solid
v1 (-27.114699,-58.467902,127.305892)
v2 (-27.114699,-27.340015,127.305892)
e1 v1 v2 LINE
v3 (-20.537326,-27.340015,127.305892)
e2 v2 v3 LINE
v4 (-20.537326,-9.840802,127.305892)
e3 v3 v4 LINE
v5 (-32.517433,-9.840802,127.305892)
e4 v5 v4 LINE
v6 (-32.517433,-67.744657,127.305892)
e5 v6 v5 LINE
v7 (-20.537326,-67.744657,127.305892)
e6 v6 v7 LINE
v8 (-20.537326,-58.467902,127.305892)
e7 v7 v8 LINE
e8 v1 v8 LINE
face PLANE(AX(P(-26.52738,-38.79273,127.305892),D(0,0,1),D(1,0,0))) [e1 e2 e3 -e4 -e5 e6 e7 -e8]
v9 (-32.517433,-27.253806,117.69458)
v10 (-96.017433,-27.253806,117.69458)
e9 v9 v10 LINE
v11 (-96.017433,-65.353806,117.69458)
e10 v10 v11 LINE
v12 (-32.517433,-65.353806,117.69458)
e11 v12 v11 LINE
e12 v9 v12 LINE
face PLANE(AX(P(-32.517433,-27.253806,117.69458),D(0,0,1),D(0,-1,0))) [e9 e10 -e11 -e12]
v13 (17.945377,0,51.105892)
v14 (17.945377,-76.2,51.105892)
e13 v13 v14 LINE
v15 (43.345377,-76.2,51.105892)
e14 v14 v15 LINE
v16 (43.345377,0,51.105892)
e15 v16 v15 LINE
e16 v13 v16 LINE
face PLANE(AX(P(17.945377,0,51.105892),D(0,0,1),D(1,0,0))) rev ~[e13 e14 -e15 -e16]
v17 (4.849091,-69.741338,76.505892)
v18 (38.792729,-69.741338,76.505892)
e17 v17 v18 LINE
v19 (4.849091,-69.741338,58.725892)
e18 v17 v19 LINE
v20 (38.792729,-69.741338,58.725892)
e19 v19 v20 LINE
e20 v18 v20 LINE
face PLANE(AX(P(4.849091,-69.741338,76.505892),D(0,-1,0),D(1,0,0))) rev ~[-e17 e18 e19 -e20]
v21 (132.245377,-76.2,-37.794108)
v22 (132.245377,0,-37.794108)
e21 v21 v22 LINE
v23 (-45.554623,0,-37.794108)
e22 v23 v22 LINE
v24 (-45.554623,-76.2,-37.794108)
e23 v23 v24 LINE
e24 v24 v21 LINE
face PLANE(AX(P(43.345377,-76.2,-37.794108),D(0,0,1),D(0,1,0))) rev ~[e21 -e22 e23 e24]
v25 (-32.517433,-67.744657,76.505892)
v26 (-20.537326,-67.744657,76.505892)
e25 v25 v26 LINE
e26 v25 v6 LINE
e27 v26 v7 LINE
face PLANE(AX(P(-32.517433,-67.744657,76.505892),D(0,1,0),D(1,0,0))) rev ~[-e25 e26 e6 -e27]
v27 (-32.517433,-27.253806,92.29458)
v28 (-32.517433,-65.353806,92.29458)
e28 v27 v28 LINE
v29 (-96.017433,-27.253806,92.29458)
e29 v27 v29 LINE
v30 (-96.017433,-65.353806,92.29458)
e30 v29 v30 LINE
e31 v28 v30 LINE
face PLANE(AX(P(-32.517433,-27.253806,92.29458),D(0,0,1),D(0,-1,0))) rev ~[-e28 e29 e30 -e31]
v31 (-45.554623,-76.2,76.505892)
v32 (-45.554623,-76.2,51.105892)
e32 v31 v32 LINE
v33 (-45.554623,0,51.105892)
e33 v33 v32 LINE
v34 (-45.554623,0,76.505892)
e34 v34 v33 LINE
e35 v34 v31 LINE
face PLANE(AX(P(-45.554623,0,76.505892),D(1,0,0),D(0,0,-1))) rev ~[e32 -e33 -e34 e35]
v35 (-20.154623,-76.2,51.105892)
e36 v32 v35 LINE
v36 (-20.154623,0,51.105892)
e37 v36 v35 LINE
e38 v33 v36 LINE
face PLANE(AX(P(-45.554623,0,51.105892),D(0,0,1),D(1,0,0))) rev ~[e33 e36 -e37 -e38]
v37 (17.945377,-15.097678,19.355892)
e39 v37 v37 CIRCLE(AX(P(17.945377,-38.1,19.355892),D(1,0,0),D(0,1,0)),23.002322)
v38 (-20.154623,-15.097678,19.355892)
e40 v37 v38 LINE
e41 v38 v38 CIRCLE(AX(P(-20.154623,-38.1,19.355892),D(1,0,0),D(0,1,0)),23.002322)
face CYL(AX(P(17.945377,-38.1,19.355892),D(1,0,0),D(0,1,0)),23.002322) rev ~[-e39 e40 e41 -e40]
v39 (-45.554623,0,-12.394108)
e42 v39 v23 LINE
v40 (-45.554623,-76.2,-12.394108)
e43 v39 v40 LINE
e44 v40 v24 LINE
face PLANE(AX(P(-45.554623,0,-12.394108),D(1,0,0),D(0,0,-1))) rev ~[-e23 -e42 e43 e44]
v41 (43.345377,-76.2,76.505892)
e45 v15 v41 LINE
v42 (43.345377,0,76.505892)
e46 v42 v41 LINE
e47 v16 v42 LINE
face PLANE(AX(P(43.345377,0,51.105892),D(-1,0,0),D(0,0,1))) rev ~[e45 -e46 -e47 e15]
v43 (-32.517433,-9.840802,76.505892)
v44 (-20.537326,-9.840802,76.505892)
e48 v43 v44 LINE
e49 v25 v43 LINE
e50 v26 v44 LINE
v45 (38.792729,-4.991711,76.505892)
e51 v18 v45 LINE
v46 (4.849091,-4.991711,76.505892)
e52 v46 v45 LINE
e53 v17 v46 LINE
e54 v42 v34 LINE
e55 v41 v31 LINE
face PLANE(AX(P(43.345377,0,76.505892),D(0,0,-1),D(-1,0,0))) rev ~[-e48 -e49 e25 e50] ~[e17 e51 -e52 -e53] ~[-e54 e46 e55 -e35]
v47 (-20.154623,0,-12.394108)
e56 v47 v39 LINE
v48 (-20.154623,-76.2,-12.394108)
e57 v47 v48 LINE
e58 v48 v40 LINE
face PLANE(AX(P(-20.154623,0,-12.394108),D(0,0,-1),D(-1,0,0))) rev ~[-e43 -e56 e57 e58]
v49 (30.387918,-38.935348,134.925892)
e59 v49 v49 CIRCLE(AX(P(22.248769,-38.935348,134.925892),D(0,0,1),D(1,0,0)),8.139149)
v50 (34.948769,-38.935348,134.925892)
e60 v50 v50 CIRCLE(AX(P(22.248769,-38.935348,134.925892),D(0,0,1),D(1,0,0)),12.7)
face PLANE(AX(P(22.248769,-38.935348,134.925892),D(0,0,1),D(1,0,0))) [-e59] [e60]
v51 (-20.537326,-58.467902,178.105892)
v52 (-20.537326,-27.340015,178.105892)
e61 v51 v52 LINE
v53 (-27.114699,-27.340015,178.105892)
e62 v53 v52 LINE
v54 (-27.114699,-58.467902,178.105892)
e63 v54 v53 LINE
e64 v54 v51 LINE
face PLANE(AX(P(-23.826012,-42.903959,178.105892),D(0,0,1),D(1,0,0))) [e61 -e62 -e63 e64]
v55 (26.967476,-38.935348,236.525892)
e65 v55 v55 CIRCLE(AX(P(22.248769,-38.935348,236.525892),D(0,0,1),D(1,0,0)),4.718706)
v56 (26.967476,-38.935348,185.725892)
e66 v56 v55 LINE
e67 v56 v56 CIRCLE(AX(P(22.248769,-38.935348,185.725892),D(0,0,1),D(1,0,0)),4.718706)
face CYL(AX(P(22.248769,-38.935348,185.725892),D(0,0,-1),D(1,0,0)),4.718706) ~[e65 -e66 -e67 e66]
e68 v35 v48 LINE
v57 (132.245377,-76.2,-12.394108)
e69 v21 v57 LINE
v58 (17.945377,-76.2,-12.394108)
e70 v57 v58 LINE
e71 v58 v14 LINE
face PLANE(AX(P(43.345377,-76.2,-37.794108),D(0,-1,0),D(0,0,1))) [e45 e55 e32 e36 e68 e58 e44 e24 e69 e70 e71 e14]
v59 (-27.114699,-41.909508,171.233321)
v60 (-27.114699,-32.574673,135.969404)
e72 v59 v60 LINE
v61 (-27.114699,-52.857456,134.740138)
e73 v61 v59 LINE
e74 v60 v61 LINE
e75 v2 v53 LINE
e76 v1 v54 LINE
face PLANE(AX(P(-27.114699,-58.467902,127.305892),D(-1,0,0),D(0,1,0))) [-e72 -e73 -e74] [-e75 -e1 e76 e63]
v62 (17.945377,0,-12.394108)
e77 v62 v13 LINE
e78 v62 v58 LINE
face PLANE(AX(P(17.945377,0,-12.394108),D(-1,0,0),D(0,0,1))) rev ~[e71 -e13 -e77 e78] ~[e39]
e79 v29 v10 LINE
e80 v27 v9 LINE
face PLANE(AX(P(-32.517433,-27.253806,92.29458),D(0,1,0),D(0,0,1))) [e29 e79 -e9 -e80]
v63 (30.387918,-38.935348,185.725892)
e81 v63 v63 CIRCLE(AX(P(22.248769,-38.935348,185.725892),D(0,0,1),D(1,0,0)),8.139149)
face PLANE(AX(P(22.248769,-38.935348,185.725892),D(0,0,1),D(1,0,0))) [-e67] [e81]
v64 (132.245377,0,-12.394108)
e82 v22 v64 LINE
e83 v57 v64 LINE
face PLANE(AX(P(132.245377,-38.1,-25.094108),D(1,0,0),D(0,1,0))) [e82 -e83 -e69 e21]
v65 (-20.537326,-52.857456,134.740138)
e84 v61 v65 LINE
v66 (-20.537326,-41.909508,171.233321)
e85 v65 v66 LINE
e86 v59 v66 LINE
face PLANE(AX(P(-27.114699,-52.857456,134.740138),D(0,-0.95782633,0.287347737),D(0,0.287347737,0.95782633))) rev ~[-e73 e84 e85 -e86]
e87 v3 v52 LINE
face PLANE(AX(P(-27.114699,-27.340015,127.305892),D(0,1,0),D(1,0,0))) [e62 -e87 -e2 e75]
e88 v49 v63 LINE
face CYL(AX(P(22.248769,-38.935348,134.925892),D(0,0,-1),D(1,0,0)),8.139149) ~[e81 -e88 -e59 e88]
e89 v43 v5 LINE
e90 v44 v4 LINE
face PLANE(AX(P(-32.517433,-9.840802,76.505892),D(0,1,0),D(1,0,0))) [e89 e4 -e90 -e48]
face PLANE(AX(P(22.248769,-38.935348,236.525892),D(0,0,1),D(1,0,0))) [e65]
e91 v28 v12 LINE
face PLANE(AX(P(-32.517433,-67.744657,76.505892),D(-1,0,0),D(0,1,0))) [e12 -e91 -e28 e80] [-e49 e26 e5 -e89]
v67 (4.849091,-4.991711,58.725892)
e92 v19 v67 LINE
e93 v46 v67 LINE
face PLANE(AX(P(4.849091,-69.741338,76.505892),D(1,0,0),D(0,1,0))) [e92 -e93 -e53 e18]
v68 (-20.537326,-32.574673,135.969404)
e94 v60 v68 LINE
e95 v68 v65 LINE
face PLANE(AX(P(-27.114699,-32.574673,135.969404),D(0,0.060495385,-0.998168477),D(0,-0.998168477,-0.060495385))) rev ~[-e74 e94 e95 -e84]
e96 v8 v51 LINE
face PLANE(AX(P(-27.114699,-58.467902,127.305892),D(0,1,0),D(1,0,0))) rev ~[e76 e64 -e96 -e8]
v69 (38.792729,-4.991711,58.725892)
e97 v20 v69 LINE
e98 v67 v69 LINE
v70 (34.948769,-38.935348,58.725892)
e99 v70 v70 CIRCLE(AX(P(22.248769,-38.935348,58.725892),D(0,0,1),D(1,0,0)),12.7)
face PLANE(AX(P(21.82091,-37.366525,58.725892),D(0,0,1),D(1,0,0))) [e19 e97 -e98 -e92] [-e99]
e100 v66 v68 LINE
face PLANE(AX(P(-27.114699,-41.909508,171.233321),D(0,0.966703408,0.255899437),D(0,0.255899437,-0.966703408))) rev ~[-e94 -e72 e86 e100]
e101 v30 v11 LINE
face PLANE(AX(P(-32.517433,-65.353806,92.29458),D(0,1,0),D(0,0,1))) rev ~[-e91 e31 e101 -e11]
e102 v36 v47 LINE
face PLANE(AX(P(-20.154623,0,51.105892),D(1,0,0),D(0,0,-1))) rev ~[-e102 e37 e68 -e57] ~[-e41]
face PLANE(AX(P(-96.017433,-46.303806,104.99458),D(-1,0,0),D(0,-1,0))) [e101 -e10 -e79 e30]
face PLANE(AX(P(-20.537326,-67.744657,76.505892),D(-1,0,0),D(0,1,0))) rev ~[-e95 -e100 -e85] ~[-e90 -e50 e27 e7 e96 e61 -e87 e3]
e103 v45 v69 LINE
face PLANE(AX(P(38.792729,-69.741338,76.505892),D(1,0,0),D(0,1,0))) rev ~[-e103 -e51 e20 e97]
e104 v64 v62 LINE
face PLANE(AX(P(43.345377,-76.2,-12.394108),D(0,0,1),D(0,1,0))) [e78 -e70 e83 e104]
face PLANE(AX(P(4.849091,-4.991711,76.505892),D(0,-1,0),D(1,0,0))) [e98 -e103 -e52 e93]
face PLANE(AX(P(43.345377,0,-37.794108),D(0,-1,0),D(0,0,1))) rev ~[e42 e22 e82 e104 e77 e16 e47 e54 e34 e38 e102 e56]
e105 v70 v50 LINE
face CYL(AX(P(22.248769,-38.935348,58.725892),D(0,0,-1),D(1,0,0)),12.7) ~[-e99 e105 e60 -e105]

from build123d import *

# Parameters (mm, degrees)
F1_DEPTH  = 76.2
F2_R      = 23.0023216087
F3_DEPTH  = 63.501
F4_W      = 11.9801070541
F4_H      = 57.9038551077
F5_DEPTH  = 50.8
F6_W      = 33.9436382055
F6_H      = 64.7496273741
F7_DEPTH  = 17.78
F8_R      = 12.7
F9_DEPTH  = 76.2
F10_W     = 38.1
F10_H     = 25.4
F11_DEPTH = 63.5
F12_R     = 8.1391487304
F13_DEPTH = 50.8
F14_R     = 4.7187063419
F15_DEPTH = 50.8
F16_W     = 6.577372551
F16_H     = 31.1278868467
F17_DEPTH = 50.8
F19_DEPTH = 30.48
F20_W     = 76.2
F20_H     = 25.4
F21_DEPTH = 88.9


with BuildPart() as f1:
    # F0 (on Front) → F1 (new body)
    with BuildSketch(Plane.XZ):
        Polygon((-45.5546230793, -12.3941076807), (-45.5546230793, -37.7941076807), (43.3453769207, -37.7941076807), (43.3453769207, -12.3941076807), (17.9453769207, -12.3941076807), (17.9453769207, 51.1058923193), (43.3453769207, 51.1058923193), (43.3453769207, 76.5058923193), (-45.5546230793, 76.5058923193), (-45.5546230793, 51.1058923193), (-20.1546230793, 51.1058923193), (-20.1546230793, -12.3941076807), align=None)
    extrude(amount=F1_DEPTH)

    # F2 (on face) → F3 (cut, through all)
    with BuildSketch(Plane.YZ.offset(17.9453769207)):
        with Locations((-38.1, 19.3558923193)):
            Circle(F2_R)
    extrude(amount=-F3_DEPTH, mode=Mode.SUBTRACT)

    # F4 (on face) → F5 (join)
    with BuildSketch(Plane.XY.offset(76.5058923193)):
        with Locations((-26.5273796394, -38.7927298434)):
            Rectangle(F4_W, F4_H)
    extrude(amount=F5_DEPTH)

    # F6 (on face) → F7 (cut)
    with BuildSketch(Plane.XY.offset(76.5058923193)):
        with Locations((21.820910275, -37.3665248044)):
            Rectangle(F6_W, F6_H)
    extrude(amount=-F7_DEPTH, mode=Mode.SUBTRACT)

    # F8 (on face) → F9 (join)
    with BuildSketch(Plane.XY.offset(58.7258923193)):
        with Locations((22.248769179, -38.9353483915)):
            Circle(F8_R)
    extrude(amount=F9_DEPTH)

    # F10 (on face) → F11 (join)
    with BuildSketch(Plane(origin=(-32.5174331665, 0, 0), x_dir=(0, -1, 0), z_dir=(-1, 0, 0))):
        with Locations((46.303805925, 104.9945801497)):
            Rectangle(F10_W, F10_H)
    extrude(amount=F11_DEPTH)

    # F12 (on face) → F13 (join)
    with BuildSketch(Plane.XY.offset(134.9258923193)):
        with Locations((22.248769179, -38.9353483915)):
            Circle(F12_R)
    extrude(amount=F13_DEPTH)

    # F14 (on face) → F15 (join)
    with BuildSketch(Plane.XY.offset(185.7258923193)):
        with Locations((22.248769179, -38.9353483915)):
            Circle(F14_R)
    extrude(amount=F15_DEPTH)

    # F16 (on face) → F17 (join)
    with BuildSketch(Plane.XY.offset(127.3058923193)):
        with Locations((-23.8260123879, -42.9039588198)):
            Rectangle(F16_W, F16_H)
    extrude(amount=F17_DEPTH)

    # F18 (on face) → F19 (cut)
    with BuildSketch(Plane(origin=(-27.1146986634, 0, 0), x_dir=(0, -1, 0), z_dir=(-1, 0, 0))):
        Polygon((41.9095075075, 171.2333210797), (32.5746728326, 135.9694041327), (52.8574562847, 134.7401379139), align=None)
    extrude(amount=-F19_DEPTH, mode=Mode.SUBTRACT)

    # F20 (on face) → F21 (join)
    with BuildSketch(Plane.YZ.offset(43.3453769207)):
        with Locations((-38.1, -25.0941076807)):
            Rectangle(F20_W, F20_H)
    extrude(amount=F21_DEPTH)


solid = f1.part
